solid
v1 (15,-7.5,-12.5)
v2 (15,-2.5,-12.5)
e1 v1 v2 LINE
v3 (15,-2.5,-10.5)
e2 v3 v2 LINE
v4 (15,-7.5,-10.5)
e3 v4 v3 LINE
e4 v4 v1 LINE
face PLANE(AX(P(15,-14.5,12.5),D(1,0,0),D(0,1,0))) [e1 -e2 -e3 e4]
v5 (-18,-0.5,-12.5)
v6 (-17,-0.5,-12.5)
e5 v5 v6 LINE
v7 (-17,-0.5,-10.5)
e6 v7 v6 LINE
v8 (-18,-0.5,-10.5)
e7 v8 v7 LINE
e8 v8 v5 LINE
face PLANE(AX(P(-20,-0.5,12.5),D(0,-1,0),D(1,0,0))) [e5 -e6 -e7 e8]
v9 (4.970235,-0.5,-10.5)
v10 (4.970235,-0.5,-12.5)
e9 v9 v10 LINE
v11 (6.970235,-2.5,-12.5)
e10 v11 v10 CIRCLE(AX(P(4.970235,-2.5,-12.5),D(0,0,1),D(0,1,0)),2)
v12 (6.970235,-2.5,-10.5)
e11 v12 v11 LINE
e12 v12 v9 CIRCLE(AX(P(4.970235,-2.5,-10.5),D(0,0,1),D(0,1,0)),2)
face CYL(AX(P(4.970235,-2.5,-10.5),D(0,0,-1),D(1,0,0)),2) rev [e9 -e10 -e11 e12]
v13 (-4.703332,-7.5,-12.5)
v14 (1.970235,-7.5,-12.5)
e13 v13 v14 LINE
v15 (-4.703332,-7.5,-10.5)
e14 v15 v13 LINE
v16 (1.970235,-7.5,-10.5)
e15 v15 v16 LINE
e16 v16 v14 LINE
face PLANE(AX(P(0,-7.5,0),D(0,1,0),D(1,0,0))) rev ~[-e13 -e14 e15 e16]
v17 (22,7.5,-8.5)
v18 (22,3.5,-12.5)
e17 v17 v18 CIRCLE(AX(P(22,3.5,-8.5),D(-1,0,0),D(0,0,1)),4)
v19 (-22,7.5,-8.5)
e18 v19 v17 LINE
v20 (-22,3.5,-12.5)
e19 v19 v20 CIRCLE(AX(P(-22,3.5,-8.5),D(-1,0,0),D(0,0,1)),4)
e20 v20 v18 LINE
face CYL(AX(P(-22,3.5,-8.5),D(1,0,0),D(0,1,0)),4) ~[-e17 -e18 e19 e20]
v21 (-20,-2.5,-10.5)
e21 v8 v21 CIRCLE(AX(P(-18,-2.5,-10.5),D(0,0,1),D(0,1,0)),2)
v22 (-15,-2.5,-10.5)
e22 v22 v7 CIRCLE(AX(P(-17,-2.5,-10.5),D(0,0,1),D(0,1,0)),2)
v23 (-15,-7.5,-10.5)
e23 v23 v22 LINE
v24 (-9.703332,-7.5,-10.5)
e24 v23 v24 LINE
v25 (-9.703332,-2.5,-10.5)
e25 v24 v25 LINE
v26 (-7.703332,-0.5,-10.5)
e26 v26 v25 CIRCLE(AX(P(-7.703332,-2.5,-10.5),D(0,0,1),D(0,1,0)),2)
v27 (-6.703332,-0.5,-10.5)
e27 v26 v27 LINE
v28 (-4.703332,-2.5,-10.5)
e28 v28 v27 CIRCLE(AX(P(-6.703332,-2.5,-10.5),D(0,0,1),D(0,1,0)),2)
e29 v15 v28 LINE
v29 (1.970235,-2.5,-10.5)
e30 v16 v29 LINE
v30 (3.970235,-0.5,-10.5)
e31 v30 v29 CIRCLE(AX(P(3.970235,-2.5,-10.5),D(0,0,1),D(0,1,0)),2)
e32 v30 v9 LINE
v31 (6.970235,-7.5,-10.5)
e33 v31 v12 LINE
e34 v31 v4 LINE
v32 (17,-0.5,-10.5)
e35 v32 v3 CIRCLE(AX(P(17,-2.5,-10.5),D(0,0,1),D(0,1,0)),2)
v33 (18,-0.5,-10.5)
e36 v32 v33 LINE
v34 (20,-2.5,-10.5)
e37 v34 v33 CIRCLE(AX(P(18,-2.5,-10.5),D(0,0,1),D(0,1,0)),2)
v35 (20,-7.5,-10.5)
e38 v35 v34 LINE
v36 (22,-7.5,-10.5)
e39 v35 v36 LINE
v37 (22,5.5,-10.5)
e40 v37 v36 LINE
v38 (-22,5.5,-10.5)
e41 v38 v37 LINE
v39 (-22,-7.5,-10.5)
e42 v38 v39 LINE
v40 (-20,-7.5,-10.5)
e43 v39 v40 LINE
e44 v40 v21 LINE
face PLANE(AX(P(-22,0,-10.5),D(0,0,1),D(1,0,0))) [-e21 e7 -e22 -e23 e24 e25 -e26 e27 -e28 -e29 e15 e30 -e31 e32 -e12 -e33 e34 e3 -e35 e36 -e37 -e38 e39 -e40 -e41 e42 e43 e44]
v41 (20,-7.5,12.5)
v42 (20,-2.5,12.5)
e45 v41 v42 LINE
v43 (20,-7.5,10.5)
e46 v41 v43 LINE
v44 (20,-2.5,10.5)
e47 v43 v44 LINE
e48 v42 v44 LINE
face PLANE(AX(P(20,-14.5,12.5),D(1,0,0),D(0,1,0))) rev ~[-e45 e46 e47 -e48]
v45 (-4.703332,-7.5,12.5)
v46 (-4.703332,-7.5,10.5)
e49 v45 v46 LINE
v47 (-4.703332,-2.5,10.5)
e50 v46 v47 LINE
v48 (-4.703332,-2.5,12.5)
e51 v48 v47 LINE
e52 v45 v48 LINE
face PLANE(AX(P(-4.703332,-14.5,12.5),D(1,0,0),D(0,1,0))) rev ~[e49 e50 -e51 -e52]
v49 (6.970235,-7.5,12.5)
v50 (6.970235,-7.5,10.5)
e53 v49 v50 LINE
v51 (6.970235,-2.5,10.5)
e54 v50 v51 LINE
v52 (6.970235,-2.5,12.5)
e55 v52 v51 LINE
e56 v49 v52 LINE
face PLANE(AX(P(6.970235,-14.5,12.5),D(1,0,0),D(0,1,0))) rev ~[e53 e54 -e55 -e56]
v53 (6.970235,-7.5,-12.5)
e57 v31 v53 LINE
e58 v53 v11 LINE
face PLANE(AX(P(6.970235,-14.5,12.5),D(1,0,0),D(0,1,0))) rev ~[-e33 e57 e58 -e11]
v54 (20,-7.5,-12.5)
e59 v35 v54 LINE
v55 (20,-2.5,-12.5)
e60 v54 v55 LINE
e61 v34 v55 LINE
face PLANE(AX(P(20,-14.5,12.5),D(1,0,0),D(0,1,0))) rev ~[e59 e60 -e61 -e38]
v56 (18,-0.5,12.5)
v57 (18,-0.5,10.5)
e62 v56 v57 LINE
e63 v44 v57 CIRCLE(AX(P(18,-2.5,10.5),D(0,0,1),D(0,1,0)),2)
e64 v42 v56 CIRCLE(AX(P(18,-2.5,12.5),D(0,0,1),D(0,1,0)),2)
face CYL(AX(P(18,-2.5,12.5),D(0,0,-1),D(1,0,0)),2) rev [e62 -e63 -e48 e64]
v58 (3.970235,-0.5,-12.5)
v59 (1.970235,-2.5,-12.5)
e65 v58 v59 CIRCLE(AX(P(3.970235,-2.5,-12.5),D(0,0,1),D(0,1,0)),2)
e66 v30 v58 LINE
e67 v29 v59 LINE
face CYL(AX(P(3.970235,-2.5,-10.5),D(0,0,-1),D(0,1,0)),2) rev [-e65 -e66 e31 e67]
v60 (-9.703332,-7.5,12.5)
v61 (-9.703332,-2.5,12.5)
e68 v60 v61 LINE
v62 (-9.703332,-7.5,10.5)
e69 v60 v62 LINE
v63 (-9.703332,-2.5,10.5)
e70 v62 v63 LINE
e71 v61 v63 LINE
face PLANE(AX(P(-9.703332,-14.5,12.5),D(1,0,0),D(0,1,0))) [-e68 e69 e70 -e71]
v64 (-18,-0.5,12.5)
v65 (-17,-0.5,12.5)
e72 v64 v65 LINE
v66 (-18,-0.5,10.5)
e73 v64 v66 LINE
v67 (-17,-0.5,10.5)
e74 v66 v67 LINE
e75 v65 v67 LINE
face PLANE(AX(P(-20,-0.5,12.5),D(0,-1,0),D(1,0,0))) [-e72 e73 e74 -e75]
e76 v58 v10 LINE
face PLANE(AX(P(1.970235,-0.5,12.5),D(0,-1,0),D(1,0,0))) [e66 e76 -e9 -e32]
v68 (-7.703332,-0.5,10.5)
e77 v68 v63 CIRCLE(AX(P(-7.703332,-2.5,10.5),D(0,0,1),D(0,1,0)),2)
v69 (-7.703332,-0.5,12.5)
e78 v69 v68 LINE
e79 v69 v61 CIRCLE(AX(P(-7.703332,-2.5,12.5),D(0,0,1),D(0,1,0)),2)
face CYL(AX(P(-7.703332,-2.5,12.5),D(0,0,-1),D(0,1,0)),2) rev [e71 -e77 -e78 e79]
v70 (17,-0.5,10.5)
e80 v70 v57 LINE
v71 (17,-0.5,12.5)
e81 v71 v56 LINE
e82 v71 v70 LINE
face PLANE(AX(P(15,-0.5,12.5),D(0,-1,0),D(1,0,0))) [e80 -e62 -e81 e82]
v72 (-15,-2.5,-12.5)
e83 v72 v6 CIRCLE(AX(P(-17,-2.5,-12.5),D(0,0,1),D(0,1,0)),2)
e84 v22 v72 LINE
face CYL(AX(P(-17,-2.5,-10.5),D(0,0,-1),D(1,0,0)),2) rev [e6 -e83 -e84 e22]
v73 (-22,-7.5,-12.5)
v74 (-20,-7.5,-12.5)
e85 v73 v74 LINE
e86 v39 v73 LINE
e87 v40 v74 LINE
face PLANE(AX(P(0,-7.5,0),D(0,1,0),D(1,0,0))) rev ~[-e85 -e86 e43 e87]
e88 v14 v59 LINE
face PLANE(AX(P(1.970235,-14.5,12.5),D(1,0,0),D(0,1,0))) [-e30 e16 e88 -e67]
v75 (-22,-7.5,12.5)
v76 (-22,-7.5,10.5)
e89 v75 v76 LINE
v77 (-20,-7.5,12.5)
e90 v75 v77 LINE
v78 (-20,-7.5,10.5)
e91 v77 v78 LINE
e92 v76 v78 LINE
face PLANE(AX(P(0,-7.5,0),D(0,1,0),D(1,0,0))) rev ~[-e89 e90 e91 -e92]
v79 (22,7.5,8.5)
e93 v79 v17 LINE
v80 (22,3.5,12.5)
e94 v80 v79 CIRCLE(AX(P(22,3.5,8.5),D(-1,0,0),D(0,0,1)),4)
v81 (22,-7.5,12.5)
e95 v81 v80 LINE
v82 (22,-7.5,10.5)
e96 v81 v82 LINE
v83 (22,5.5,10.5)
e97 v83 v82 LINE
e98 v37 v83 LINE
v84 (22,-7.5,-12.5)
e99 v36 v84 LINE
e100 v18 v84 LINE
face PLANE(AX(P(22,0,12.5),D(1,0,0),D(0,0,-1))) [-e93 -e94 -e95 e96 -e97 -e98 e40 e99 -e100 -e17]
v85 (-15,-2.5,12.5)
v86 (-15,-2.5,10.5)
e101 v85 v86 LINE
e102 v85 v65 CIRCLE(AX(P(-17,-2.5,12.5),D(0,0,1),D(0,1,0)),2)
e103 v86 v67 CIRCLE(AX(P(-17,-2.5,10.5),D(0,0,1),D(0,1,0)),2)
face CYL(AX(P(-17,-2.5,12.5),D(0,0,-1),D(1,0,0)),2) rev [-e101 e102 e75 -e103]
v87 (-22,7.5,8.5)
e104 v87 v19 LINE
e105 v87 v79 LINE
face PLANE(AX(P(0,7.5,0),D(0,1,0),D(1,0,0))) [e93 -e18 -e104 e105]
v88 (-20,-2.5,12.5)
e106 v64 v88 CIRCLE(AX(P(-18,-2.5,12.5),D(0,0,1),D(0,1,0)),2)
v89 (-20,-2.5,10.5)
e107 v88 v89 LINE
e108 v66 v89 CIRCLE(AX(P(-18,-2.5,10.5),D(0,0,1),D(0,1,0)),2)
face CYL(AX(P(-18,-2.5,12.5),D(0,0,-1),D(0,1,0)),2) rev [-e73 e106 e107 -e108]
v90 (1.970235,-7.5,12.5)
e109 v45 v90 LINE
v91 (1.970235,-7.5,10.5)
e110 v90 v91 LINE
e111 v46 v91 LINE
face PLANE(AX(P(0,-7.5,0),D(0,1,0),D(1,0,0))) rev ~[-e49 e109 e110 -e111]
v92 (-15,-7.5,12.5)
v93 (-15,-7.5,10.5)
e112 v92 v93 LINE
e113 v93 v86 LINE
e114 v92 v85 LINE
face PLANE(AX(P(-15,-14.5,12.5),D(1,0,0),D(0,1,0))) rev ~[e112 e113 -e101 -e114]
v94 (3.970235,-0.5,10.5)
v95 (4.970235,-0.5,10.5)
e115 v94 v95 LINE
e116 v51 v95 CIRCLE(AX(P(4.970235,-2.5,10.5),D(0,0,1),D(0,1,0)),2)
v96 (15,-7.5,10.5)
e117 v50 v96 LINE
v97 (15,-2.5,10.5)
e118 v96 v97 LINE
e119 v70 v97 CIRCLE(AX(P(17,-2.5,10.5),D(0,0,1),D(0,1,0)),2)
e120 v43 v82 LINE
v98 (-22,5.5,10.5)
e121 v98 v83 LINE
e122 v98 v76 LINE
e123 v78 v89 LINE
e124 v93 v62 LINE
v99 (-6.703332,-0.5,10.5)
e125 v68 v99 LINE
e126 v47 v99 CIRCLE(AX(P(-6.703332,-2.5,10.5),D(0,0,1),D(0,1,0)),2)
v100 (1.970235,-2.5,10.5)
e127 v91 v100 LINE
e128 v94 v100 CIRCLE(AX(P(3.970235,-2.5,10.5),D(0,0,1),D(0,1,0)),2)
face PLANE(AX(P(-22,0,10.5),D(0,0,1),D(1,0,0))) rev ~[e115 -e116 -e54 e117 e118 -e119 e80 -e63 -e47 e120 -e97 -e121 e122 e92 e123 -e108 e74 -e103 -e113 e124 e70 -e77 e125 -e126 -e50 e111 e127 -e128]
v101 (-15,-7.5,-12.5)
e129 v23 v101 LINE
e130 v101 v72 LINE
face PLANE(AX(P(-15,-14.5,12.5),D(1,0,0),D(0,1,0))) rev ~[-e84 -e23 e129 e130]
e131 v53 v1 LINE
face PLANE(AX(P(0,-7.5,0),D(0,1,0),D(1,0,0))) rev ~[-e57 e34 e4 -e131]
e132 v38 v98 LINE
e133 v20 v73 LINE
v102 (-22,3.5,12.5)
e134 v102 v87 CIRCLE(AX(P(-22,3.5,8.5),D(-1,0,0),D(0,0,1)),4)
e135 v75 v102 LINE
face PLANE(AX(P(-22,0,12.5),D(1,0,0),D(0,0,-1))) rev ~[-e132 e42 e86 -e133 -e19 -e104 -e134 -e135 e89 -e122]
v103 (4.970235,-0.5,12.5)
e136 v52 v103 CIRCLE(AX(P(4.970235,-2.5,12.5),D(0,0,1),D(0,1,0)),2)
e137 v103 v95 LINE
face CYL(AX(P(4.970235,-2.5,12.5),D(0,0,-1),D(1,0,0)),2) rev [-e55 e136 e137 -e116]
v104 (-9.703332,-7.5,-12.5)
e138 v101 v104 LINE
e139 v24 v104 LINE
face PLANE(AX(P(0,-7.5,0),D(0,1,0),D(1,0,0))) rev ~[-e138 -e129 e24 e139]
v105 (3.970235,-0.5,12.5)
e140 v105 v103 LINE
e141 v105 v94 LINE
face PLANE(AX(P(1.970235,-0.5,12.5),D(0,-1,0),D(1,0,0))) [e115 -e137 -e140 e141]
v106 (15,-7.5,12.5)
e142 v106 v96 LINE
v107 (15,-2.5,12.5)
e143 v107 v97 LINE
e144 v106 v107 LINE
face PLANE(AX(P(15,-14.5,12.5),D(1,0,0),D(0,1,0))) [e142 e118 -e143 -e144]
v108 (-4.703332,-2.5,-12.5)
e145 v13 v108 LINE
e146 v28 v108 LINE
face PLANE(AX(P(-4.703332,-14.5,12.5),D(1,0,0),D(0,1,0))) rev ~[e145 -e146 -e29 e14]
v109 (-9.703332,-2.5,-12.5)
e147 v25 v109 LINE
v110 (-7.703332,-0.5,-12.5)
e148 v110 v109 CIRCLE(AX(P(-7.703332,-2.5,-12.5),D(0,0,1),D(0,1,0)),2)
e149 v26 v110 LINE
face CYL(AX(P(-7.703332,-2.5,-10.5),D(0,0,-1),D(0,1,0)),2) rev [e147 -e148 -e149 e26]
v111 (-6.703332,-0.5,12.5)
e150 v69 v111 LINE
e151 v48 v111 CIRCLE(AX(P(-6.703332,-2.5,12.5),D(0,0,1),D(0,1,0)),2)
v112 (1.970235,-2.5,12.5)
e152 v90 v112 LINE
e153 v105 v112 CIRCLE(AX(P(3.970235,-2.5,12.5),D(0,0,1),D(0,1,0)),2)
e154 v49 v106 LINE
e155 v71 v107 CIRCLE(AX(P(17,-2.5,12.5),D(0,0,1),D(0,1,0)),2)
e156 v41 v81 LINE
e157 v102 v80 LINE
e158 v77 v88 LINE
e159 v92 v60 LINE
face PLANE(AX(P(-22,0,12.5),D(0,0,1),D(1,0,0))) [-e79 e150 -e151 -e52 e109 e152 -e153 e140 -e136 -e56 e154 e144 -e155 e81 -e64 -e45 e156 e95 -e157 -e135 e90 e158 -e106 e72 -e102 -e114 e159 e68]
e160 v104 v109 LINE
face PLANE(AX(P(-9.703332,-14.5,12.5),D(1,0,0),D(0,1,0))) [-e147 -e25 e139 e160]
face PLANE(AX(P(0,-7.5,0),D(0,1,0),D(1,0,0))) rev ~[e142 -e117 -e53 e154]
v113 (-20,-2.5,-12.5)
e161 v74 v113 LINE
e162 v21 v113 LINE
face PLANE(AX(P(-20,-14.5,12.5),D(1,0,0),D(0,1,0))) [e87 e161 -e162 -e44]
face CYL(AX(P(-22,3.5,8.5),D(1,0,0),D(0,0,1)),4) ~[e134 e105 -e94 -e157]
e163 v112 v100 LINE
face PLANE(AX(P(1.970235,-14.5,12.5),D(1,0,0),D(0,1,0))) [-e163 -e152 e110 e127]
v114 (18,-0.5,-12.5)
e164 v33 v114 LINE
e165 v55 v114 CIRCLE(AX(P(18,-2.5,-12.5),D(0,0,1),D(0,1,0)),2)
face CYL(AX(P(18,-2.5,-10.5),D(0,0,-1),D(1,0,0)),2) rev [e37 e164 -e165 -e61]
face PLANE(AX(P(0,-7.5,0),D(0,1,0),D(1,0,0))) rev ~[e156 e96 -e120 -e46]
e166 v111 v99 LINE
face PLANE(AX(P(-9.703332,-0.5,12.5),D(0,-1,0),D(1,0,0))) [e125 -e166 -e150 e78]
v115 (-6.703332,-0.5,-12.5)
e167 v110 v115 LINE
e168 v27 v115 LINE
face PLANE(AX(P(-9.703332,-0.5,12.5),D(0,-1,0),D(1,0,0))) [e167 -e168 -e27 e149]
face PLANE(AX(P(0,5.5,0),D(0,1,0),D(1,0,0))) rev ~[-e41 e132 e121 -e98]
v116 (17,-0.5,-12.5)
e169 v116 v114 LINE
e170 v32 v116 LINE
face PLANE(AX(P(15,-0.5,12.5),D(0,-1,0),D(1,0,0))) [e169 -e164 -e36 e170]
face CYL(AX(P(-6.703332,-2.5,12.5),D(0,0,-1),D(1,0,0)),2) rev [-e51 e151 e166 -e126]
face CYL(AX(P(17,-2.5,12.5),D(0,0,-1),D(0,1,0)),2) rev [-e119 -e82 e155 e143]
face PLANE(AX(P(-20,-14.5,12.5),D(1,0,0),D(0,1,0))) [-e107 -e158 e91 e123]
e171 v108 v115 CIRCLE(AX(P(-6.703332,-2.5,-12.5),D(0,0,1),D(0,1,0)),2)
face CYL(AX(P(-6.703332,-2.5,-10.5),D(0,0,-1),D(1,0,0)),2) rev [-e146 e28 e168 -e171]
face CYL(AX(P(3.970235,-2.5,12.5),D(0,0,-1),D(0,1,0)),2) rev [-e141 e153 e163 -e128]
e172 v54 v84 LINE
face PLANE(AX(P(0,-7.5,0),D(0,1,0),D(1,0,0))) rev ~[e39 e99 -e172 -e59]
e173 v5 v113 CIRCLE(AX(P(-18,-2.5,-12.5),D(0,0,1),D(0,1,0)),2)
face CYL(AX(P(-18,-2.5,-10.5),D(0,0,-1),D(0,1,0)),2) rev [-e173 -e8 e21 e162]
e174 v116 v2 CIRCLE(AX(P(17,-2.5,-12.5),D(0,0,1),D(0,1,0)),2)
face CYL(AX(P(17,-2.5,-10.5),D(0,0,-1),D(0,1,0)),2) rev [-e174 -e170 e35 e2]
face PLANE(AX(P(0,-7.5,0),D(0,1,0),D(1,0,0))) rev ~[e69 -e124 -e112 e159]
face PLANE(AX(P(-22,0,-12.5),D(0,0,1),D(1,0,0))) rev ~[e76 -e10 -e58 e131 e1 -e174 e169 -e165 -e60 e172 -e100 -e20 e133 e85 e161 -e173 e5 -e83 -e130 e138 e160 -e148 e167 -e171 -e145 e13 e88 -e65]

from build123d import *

# Parameters (mm, degrees)
ESBO_O1_W                = 44
ESBO_O1_H                = 25
RESSALTO_EXTRUS_O1_DEPTH = 7.5
CASCA1_T                 = -2
ESBO_O2_W                = 5
ESBO_O2_H                = 14
CORTE_EXTRUS_O1_DEPTH    = 35.135758377
FILETE1_R                = 2
FILETE2_R                = 4


with BuildPart() as part:
    # Esboço1 → Ressalto-extrusão1 (new, symmetric)
    with BuildSketch(Plane(origin=(0, 0, 0), x_dir=(1, 0, 0), z_dir=(0, 1, 0))):
        Rectangle(ESBO_O1_W, ESBO_O1_H)
    extrude(amount=RESSALTO_EXTRUS_O1_DEPTH, both=True)

    # Casca1
    casca1_openings = [part.faces().sort_by_distance(p)[0] for p in [
        (0, -7.5, 0),
        (-22, 0, 0),
        (22, 0, 0),
    ]]
    offset(amount=CASCA1_T, openings=casca1_openings, kind=Kind.INTERSECTION)

    # Esboço2 → Corte-extrusão1 (cut, through all)
    with BuildSketch(Plane.XY.offset(12.5)):
        with Locations((-7.203332481, -7.5)):
            Rectangle(ESBO_O2_W, ESBO_O2_H)
        with Locations((-17.5, -7.5)):
            Rectangle(ESBO_O2_W, ESBO_O2_H)
        with Locations((4.47023527, -7.5)):
            Rectangle(ESBO_O2_W, ESBO_O2_H)
        with Locations((17.5, -7.5)):
            Rectangle(ESBO_O2_W, ESBO_O2_H)
    extrude(amount=-CORTE_EXTRUS_O1_DEPTH, mode=Mode.SUBTRACT)

    # Filete1
    filete1_edges = [part.edges().sort_by_distance(p)[0] for p in [
        (20, -0.5, -11.5),
        (15, -0.5, -11.5),
        (20, -0.5, 11.5),
        (15, -0.5, 11.5),
        (-15, -0.5, -11.5),
        (-20, -0.5, -11.5),
        (-15, -0.5, 11.5),
        (-20, -0.5, 11.5),
        (-4.703332481, -0.5, -11.5),
        (-9.703332481, -0.5, -11.5),
        (-4.703332481, -0.5, 11.5),
        (-9.703332481, -0.5, 11.5),
        (6.97023527, -0.5, -11.5),
        (1.97023527, -0.5, -11.5),
        (6.97023527, -0.5, 11.5),
        (1.97023527, -0.5, 11.5),
    ]]
    fillet(filete1_edges, radius=FILETE1_R)

    # Filete2
    filete2_edges = [part.edges().sort_by_distance(p)[0] for p in [
        (0, 7.5, 12.5),
        (0, 7.5, -12.5),
    ]]
    fillet(filete2_edges, radius=FILETE2_R)


solid = part.part
